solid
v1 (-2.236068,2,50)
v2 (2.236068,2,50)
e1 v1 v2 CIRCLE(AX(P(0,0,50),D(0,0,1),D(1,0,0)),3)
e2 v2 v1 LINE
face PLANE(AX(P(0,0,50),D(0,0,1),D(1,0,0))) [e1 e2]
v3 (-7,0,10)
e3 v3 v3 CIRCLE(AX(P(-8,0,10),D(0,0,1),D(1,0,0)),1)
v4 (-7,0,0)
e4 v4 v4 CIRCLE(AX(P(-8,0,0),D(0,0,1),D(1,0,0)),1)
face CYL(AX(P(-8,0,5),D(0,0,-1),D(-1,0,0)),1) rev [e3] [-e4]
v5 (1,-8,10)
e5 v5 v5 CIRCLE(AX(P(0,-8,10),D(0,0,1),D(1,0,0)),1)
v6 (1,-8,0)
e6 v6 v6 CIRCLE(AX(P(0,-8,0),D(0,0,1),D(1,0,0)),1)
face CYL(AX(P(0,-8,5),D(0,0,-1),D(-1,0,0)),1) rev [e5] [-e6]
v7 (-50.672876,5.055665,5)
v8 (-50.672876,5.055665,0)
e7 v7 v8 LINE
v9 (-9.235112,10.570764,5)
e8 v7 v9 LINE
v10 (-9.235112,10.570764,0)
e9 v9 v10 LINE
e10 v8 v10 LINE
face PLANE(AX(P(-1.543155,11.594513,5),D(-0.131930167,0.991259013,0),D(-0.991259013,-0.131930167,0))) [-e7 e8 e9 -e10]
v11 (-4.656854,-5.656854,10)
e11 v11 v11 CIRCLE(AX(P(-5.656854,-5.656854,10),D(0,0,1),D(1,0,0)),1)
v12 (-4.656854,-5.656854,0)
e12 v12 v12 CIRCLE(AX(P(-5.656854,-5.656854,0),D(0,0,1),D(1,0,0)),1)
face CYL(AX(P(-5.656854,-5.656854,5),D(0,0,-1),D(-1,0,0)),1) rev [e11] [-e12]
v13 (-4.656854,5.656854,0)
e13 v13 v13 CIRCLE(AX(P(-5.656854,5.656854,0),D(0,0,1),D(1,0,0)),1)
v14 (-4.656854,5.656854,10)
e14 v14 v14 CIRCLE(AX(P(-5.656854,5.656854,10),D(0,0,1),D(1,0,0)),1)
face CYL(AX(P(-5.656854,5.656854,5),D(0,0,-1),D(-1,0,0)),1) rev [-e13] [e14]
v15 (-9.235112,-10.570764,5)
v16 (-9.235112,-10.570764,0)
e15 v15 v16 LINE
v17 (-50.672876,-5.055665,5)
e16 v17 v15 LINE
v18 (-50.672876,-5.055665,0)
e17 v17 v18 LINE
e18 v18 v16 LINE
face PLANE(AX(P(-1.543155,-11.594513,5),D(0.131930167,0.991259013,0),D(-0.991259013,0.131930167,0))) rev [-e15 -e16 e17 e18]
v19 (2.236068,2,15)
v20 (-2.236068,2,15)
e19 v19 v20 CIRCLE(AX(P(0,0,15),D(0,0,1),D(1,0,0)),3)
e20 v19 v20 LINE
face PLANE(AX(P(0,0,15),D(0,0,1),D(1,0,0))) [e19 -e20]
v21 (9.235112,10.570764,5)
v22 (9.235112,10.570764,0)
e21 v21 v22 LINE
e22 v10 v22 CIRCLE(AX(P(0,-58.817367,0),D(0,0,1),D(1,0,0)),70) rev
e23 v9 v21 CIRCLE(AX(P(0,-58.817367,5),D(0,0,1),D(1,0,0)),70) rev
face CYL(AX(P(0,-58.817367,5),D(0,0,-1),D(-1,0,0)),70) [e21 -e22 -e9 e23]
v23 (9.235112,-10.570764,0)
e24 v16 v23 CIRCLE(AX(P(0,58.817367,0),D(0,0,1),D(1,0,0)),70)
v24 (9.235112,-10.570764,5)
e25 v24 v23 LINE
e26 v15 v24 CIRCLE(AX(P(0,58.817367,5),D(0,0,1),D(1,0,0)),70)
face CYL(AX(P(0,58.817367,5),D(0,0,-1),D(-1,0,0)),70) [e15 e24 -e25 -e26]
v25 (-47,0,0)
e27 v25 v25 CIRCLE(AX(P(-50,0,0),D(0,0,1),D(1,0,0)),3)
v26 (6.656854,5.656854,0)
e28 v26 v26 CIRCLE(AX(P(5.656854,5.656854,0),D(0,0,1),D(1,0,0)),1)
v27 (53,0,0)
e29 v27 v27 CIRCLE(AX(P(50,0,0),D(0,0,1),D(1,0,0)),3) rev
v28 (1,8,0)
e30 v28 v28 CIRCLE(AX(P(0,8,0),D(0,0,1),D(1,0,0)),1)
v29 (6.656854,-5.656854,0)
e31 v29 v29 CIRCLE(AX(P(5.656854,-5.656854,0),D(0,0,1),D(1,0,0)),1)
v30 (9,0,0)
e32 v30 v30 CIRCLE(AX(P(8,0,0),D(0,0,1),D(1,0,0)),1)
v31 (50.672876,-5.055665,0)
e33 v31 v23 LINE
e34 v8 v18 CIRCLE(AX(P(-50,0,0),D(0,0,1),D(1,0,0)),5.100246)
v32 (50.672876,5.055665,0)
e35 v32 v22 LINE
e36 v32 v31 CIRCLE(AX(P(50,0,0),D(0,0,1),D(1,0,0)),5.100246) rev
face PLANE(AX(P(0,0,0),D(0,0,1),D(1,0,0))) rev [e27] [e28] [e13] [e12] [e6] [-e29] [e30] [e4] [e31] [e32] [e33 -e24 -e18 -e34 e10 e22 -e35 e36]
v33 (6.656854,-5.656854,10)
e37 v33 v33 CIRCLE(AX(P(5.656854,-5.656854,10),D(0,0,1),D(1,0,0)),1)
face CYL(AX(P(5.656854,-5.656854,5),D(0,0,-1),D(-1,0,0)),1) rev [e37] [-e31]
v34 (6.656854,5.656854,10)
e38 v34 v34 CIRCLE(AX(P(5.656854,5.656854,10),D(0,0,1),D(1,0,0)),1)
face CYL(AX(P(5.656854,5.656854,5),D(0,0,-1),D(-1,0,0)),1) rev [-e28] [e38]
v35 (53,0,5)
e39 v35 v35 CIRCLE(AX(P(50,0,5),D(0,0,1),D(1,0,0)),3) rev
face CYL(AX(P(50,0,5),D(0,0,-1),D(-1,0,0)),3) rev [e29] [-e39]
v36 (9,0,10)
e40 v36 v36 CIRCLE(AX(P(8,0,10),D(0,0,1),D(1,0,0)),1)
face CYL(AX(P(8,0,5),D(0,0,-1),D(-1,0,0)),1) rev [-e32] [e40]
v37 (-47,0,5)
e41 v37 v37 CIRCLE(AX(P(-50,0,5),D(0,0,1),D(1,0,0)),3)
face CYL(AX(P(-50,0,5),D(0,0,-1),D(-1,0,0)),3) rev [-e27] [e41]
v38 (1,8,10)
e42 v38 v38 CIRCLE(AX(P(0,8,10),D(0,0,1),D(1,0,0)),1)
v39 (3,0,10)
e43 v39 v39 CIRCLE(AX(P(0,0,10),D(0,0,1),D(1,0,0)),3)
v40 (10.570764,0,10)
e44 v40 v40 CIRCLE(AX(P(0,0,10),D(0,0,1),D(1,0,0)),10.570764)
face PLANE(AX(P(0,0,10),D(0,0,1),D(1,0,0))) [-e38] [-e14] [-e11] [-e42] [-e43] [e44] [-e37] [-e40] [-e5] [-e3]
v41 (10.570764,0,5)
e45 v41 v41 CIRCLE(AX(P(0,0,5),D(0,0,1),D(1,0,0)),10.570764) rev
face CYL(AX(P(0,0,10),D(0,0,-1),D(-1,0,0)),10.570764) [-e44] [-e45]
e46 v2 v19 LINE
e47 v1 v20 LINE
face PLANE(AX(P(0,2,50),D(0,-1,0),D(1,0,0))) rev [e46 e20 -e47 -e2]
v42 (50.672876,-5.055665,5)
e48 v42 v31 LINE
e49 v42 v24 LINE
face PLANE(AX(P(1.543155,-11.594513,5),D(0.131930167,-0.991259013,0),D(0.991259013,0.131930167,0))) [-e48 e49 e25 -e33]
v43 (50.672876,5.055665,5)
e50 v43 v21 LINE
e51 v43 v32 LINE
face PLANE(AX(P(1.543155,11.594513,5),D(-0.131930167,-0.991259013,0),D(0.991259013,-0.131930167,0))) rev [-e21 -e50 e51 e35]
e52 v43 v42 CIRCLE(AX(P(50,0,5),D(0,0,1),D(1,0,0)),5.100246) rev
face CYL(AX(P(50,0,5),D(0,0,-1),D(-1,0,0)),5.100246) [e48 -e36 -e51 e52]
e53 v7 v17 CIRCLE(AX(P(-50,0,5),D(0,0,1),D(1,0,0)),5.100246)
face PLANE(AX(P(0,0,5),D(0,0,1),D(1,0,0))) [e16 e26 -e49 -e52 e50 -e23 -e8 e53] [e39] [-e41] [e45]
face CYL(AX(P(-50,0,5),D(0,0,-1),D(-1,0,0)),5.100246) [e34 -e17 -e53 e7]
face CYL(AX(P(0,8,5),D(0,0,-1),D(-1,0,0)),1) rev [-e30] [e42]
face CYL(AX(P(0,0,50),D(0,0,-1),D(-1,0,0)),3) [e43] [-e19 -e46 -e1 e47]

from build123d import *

# Parameters (mm, degrees)
SZKIC1_R                    = 3
SZKIC1_R_2                  = 1
DODANIE_WYCI_GNI_CIE1_DEPTH = 5
SZKIC1_3_R                  = 10.570763761
SZKIC1_3_R_2                = 1
DODANIE_WYCI_GNI_CIE2_DEPTH = 10
DODANIE_WYCI_GNI_CIE3_DEPTH = 50
SZKIC1_5_R                  = 3
DODANIE_WYCI_GNI_CIE4_DEPTH = 15


with BuildPart() as part:
    # Szkic1 → Dodanie-wyci_gni_cie1 (new body)
    with BuildSketch(Plane.XY):
        with BuildLine():
            Line((-9.235111676, 10.570763761), (-50.67287635, 5.055665151))
            ThreePointArc((-50.67287635, 5.055665151), (-55.100246338, 0), (-50.67287635, -5.055665151))
            Line((-50.67287635, -5.055665151), (-9.235111676, -10.570763761))
            ThreePointArc((-9.235111676, -10.570763761), (0, -11.182632843), (9.235111676, -10.570763761))
            Line((9.235111676, -10.570763761), (50.67287635, -5.055665151))
            ThreePointArc((50.67287635, -5.055665151), (55.100246338, 0), (50.67287635, 5.055665151))
            Line((50.67287635, 5.055665151), (9.235111676, 10.570763761))
            ThreePointArc((9.235111676, 10.570763761), (0, 11.182632843), (-9.235111676, 10.570763761))
        make_face()
        with Locations((-50, 0)):
            Circle(SZKIC1_R, mode=Mode.SUBTRACT)
        with Locations((50, 0)):
            Circle(SZKIC1_R, mode=Mode.SUBTRACT)
        with Locations((0, 8)):
            Circle(SZKIC1_R_2, mode=Mode.SUBTRACT)
        with Locations((0, -8)):
            Circle(SZKIC1_R_2, mode=Mode.SUBTRACT)
        with Locations((-5.656854249, -5.656854249)):
            Circle(SZKIC1_R_2, mode=Mode.SUBTRACT)
        with Locations((-8, 0)):
            Circle(SZKIC1_R_2, mode=Mode.SUBTRACT)
        with Locations((5.656854249, -5.656854249)):
            Circle(SZKIC1_R_2, mode=Mode.SUBTRACT)
        with Locations((8, 0)):
            Circle(SZKIC1_R_2, mode=Mode.SUBTRACT)
        with Locations((-5.656854249, 5.656854249)):
            Circle(SZKIC1_R_2, mode=Mode.SUBTRACT)
        with Locations((5.656854249, 5.656854249)):
            Circle(SZKIC1_R_2, mode=Mode.SUBTRACT)
    extrude(amount=DODANIE_WYCI_GNI_CIE1_DEPTH)

    # Szkic1_3 → Dodanie-wyci_gni_cie2 (add)
    with BuildSketch(Plane.XY):
        Circle(SZKIC1_3_R)
        with Locations((0, -8)):
            Circle(SZKIC1_3_R_2, mode=Mode.SUBTRACT)
        with Locations((-5.656854249, -5.656854249)):
            Circle(SZKIC1_3_R_2, mode=Mode.SUBTRACT)
        with Locations((-8, 0)):
            Circle(SZKIC1_3_R_2, mode=Mode.SUBTRACT)
        with BuildLine():
            ThreePointArc((-2.236067977, 2), (0, 3), (2.236067977, 2))
            ThreePointArc((2.236067977, 2), (2.802517077, 1.070466269), (3, 0))
            ThreePointArc((3, 0), (-1.070466269, -2.802517077), (-2.236067977, 2))
        make_face(mode=Mode.SUBTRACT)
        with Locations((5.656854249, -5.656854249)):
            Circle(SZKIC1_3_R_2, mode=Mode.SUBTRACT)
        with Locations((8, 0)):
            Circle(SZKIC1_3_R_2, mode=Mode.SUBTRACT)
        with Locations((-5.656854249, 5.656854249)):
            Circle(SZKIC1_3_R_2, mode=Mode.SUBTRACT)
        with Locations((5.656854249, 5.656854249)):
            Circle(SZKIC1_3_R_2, mode=Mode.SUBTRACT)
        with Locations((0, 8)):
            Circle(SZKIC1_3_R_2, mode=Mode.SUBTRACT)
    extrude(amount=DODANIE_WYCI_GNI_CIE2_DEPTH)

    # Szkic1_4 → Dodanie-wyci_gni_cie3 (add)
    with BuildSketch(Plane.XY):
        with BuildLine():
            ThreePointArc((3, 0), (2.802517077, 1.070466269), (2.236067977, 2))
            Line((2.236067977, 2), (-2.236067977, 2))
            ThreePointArc((-2.236067977, 2), (-1.070466269, -2.802517077), (3, 0))
        make_face()
    extrude(amount=DODANIE_WYCI_GNI_CIE3_DEPTH)

    # Szkic1_5 → Dodanie-wyci_gni_cie4 (add)
    with BuildSketch(Plane.XY):
        Circle(SZKIC1_5_R)
    extrude(amount=DODANIE_WYCI_GNI_CIE4_DEPTH)


solid = part.part
